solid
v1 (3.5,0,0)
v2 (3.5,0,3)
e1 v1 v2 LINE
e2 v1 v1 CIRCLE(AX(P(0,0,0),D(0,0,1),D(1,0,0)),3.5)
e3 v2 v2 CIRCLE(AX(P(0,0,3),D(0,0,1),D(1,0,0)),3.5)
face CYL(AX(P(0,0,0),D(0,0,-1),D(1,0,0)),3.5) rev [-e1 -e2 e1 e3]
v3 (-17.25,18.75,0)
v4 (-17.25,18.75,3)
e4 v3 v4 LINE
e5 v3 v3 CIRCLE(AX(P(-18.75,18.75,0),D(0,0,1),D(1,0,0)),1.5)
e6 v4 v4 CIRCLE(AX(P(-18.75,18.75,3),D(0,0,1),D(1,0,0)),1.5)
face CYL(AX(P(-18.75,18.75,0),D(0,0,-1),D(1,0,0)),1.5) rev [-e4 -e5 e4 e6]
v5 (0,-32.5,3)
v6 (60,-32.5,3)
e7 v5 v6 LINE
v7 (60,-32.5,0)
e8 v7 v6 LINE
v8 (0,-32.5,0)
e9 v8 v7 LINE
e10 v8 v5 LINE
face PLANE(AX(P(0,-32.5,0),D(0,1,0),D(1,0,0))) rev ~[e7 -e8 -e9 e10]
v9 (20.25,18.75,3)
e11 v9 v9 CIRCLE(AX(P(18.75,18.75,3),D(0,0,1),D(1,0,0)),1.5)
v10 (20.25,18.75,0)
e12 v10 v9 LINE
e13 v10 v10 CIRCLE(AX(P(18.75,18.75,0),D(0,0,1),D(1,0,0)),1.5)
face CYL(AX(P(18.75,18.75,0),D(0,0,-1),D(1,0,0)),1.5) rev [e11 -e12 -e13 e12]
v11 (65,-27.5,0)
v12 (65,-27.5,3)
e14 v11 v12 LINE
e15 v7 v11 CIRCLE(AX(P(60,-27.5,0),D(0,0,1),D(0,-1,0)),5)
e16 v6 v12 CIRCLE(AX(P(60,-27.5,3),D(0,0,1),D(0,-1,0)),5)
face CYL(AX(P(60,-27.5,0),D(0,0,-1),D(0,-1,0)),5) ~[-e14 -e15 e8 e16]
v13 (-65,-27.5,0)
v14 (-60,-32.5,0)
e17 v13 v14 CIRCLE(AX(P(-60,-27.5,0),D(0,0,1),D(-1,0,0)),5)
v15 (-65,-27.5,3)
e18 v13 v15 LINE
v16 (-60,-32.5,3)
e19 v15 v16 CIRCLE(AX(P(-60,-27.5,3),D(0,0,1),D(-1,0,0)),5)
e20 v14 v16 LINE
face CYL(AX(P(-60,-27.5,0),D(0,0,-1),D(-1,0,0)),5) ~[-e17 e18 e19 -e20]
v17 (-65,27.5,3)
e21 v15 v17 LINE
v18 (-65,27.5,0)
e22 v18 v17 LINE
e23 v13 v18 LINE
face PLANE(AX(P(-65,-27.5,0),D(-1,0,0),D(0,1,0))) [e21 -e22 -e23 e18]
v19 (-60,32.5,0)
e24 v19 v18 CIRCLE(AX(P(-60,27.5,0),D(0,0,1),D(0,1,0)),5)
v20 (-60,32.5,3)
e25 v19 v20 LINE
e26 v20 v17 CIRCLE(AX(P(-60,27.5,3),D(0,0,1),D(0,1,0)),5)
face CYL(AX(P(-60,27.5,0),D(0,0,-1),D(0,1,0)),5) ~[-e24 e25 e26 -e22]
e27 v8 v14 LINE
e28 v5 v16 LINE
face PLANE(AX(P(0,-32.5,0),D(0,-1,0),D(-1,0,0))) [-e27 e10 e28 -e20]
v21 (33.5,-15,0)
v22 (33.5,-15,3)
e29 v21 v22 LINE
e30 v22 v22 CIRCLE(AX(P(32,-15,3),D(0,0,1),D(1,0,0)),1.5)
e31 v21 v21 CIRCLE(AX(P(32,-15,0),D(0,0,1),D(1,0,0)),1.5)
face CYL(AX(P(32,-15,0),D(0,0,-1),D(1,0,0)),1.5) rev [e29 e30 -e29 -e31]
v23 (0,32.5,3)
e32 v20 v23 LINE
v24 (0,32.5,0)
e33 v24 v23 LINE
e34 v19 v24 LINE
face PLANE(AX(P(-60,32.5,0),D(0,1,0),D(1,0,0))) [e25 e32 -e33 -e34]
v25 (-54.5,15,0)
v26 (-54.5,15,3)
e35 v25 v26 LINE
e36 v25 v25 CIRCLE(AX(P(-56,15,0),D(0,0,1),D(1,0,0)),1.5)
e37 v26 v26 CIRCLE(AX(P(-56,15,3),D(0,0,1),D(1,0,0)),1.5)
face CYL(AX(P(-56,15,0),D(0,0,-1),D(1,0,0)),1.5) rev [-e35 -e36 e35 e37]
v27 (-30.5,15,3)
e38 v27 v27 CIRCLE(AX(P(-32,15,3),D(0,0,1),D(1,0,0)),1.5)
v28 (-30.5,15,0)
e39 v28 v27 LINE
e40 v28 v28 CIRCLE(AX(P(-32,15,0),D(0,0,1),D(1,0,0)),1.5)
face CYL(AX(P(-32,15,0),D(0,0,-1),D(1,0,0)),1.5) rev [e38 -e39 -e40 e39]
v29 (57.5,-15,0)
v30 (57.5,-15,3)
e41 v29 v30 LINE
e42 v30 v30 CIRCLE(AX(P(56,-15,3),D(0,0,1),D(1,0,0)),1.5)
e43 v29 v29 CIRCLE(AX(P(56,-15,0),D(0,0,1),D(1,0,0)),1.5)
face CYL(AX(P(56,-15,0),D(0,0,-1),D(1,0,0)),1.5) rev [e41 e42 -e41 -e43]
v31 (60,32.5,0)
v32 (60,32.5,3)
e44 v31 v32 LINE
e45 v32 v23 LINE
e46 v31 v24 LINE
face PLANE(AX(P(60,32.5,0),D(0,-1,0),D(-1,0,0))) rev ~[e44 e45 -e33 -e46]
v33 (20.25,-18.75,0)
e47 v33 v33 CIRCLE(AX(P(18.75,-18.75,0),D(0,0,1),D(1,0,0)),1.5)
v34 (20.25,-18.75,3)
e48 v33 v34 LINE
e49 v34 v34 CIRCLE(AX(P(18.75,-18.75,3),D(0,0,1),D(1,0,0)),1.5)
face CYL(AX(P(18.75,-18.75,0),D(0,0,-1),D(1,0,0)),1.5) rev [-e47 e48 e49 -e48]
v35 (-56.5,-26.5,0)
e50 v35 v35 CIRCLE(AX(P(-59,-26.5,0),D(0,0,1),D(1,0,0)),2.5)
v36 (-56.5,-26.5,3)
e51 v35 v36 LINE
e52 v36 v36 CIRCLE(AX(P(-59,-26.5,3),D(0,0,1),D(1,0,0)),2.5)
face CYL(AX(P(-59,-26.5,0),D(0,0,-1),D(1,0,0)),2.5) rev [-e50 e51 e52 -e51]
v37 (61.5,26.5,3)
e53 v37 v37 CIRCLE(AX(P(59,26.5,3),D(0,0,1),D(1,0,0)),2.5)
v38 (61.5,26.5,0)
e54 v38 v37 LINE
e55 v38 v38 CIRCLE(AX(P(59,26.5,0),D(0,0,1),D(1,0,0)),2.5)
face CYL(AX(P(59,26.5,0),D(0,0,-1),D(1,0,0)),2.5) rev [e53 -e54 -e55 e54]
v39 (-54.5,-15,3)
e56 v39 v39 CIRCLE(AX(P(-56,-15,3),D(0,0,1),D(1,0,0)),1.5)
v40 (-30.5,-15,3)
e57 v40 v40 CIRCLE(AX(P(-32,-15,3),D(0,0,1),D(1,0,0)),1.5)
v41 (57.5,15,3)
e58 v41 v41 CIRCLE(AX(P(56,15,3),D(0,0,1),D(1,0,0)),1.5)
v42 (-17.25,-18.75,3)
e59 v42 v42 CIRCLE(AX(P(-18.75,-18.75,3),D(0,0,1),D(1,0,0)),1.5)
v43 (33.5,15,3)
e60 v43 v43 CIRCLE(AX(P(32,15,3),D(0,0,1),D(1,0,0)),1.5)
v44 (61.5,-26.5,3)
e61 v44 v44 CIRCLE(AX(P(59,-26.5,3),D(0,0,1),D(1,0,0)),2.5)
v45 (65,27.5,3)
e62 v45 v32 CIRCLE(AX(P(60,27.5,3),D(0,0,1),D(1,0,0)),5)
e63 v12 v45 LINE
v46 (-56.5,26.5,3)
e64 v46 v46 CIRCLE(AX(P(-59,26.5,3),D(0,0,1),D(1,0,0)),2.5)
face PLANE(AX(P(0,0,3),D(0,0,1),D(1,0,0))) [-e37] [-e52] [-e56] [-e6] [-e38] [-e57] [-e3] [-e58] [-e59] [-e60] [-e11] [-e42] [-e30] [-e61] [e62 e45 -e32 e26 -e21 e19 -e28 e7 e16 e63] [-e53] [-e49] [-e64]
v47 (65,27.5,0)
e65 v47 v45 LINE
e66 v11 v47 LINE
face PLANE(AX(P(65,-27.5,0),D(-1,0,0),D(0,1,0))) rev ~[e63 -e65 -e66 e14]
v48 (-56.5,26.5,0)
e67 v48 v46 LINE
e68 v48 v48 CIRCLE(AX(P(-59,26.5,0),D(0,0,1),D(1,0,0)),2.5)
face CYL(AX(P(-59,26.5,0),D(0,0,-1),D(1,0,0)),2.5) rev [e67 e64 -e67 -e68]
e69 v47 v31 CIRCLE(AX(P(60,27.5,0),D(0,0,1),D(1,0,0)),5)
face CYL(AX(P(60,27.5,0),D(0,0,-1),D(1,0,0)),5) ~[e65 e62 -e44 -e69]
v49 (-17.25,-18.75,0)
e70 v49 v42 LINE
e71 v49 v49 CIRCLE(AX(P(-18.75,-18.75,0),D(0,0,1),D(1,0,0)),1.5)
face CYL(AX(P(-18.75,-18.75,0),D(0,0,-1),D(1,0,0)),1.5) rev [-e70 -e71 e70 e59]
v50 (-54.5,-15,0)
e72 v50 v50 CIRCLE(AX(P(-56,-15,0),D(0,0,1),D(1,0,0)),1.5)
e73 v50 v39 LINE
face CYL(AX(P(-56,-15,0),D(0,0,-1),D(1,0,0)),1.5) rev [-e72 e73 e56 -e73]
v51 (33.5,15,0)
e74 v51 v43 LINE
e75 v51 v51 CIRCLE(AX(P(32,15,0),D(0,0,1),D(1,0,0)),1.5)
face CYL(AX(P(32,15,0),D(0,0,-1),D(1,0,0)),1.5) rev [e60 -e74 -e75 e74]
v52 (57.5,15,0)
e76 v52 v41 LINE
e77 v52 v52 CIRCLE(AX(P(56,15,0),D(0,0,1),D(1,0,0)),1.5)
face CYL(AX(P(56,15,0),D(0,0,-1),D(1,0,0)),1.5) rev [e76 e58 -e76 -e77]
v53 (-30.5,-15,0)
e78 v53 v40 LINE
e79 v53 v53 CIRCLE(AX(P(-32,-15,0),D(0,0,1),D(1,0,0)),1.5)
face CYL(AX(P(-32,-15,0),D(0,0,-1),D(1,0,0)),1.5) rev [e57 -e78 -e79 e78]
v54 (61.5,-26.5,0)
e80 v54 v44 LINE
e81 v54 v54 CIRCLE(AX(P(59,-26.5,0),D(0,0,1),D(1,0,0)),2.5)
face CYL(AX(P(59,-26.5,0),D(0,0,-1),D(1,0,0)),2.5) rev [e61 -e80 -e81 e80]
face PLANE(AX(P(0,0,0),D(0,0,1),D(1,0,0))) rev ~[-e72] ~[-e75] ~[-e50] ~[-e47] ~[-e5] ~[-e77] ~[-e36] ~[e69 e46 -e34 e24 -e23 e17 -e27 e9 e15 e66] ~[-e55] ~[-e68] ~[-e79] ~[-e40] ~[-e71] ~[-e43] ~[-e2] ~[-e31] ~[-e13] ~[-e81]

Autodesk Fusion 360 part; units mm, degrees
sketch "Sketch1" plane through (0, 0, 0) normal (0, 0, 1) x (1, 0, 0)
  line L0 (-60, 32.5) -> (0, 32.5)
  line L1 (0, -32.5) -> (-60, -32.5)
  line L2 (-65, -27.5) -> (-65, 27.5)
  arc A0 (-60, 32.5) -> (-65, 27.5) centre (-60, 27.5) ccw
  arc A1 (-65, -27.5) -> (-60, -32.5) centre (-60, -27.5) ccw
  circle A2 centre (-59, 26.5) radius 2.5
  circle A3 centre (-59, -26.5) radius 2.5
  circle A4 centre (0, 0) radius 3.5
  circle A5 centre (-56, 15) radius 1.5
  circle A6 centre (-56, -15) radius 1.5
  circle A7 centre (-32, 15) radius 1.5
  circle A8 centre (-32, -15) radius 1.5
  line L3 (0, 32.5) -> (0, -32.5) construction
  line L4 (65, -27.5) -> (65, 27.5)
  circle A9 centre (59, 26.5) radius 2.5
  arc A10 (60, -32.5) -> (65, -27.5) centre (60, -27.5) ccw
  circle A11 centre (32, 15) radius 1.5
  circle A12 centre (56, 15) radius 1.5
  circle A13 centre (56, -15) radius 1.5
  circle A14 centre (59, -26.5) radius 2.5
  arc A15 (65, 27.5) -> (60, 32.5) centre (60, 27.5) ccw
  line L5 (0, -32.5) -> (60, -32.5)
  line L6 (60, 32.5) -> (0, 32.5)
  circle A16 centre (32, -15) radius 1.5
  circle A17 centre (-18.75, 18.75) radius 1.5
  circle A18 centre (-18.75, -18.75) radius 1.5
  circle A19 centre (18.75, -18.75) radius 1.5
  circle A20 centre (18.75, 18.75) radius 1.5
  dimension "d1" = 65
  dimension "d3" = 32.5
  dimension "d4" = 32.5
  dimension "d5" = 5
  dimension "d6" = 5
  dimension "d9" = 5
  dimension "d10" = 6
  dimension "d11" = 6
  dimension "d12" = 5
  dimension "d13" = 6
  dimension "d14" = 6
  dimension "d21" = 7
  dimension "d24" = 9
  dimension "d25" = 9
  dimension "d26" = 30
  dimension "d27" = 3
  dimension "d28" = 3
  dimension "d29" = 17.5
  dimension "d30" = 3
  dimension "d31" = 3
  dimension "d32" = 30
  dimension "d33" = 17.5
  dimension "d34" = 24
  dimension "d35" = 65
  dimension "d36" = 65
  dimension "d41" = 3
  dimension "d42" = 3
  dimension "d43" = 37.5
  dimension "d44" = 13.75
  dimension "d45" = 18.75
extrude "Extrude4" add sketch "Sketch1" along normal blind 3
equation "d3 = ( 65 / 2 ) * 1 mm"
equation "d4 = d3"
equation "d6 = d5"
equation "d11 = d10"
equation "d12 = d9"
equation "d13 = d10"
equation "d14 = d10"
equation "d25 = d24"
equation "d28 = d27"
equation "d30 = d27"
equation "d31 = d27"
equation "d32 = d26"
equation "d33 = d29"
equation "d35 = d1"
equation "d36 = d1"
equation "d42 = d41"
equation "d44 = d3 - d43 / 2"
equation "d45 = ( 37.5 / 2 ) * 1 mm"
